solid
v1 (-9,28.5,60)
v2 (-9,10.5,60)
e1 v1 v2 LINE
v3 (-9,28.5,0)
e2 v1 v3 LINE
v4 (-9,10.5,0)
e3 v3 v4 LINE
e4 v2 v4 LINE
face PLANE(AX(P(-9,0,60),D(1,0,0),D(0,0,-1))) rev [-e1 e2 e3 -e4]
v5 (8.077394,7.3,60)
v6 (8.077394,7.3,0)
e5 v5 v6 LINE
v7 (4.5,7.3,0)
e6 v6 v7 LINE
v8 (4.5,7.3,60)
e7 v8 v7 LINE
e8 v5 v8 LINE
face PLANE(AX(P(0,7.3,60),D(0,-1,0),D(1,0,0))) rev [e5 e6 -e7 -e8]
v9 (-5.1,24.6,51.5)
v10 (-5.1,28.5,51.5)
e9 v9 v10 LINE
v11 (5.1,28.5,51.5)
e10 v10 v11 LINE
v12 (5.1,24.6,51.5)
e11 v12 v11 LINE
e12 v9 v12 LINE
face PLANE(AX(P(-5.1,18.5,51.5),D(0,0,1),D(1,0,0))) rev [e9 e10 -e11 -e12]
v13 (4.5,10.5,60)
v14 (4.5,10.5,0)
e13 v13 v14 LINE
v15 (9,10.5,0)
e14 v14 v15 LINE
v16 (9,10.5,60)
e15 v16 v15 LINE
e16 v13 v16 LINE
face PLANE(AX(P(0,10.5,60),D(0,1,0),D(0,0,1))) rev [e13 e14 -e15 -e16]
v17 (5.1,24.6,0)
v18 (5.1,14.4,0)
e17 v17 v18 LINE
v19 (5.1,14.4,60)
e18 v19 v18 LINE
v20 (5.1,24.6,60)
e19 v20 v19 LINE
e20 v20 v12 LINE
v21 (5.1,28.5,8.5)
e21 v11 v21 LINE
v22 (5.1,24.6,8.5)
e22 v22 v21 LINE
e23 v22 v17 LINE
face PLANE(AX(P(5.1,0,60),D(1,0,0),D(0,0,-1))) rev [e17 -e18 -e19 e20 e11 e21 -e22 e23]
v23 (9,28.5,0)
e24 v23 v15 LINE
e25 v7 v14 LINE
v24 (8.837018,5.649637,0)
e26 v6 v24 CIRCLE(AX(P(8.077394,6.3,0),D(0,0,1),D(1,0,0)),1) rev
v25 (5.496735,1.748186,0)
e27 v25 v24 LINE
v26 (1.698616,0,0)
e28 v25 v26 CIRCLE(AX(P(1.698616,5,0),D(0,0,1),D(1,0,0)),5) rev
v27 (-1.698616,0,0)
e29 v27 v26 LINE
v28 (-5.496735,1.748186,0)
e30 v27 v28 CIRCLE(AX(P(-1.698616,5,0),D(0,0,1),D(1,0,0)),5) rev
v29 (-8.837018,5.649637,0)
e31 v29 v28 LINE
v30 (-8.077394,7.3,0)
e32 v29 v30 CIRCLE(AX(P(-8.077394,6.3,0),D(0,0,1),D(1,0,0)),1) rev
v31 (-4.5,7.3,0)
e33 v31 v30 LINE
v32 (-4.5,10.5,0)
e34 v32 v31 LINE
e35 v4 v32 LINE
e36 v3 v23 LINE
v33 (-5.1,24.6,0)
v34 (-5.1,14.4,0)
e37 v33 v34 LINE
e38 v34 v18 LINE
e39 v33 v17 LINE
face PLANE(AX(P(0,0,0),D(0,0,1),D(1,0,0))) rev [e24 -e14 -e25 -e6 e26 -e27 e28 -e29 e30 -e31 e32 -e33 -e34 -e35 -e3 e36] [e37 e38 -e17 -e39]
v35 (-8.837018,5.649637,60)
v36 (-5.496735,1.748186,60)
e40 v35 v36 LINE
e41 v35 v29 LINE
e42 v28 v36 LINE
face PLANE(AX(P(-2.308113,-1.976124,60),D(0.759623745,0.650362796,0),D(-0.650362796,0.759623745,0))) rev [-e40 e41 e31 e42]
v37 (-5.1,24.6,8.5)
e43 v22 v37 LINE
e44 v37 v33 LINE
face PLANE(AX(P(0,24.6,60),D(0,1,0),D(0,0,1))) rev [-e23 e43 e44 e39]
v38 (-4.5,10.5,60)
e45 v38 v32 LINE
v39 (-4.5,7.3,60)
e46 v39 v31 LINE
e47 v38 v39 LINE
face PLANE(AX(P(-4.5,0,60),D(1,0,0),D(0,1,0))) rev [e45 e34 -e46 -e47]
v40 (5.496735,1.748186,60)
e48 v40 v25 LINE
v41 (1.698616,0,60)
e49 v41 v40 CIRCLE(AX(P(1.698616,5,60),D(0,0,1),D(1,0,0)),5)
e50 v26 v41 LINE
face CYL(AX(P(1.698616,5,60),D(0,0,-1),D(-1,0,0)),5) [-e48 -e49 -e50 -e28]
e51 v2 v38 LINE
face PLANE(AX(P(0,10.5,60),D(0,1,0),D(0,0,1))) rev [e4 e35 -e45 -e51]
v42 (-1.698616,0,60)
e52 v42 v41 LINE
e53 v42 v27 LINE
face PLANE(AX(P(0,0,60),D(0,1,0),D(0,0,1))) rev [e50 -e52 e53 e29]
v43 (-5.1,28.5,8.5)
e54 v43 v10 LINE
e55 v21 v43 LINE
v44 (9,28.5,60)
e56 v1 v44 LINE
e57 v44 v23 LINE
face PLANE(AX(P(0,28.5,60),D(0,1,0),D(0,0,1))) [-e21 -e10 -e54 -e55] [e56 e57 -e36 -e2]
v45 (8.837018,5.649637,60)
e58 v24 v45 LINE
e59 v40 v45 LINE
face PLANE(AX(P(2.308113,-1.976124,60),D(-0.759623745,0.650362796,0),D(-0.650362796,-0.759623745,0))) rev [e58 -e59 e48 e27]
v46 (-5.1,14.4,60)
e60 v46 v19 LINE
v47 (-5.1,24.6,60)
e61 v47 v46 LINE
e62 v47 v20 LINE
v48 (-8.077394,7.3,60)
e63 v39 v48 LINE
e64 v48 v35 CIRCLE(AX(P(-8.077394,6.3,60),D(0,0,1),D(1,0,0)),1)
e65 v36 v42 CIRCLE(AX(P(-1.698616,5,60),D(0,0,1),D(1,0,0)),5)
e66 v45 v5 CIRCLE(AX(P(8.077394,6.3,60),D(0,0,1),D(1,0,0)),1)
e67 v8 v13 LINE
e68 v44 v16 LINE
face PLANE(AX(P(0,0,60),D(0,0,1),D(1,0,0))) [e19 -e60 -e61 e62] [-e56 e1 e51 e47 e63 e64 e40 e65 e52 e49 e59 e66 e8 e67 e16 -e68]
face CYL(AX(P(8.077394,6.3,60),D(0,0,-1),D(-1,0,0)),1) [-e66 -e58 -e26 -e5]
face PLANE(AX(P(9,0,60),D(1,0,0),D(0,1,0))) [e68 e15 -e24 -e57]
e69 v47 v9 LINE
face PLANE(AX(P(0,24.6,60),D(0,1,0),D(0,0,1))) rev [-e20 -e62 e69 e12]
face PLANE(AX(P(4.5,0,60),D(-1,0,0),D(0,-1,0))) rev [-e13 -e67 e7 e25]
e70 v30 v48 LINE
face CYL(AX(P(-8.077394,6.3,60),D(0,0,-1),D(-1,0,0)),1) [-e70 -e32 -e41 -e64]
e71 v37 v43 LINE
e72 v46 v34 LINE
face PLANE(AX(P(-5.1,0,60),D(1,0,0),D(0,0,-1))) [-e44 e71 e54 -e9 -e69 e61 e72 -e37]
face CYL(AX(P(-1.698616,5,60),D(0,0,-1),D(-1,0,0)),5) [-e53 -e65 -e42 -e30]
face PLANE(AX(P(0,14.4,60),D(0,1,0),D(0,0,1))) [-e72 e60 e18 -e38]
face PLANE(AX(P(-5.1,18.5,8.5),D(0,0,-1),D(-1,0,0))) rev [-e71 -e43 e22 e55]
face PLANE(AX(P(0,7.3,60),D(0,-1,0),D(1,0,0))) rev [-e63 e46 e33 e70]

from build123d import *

# Parameters (mm, degrees)
SKETCH1_W           = 10.2
SKETCH1_H           = 10.2
BOSS_EXTRUDE3_DEPTH = 60
FILLET1_R           = 1
FILLET2_R           = 5
SKETCH2_W           = 10.2
SKETCH2_H           = 43
CUT_EXTRUDE1_DEPTH  = 10


with BuildPart() as part:
    # Sketch1 → Boss-Extrude3 (new body)
    # profile 1 of 2: a face of its own
    with BuildSketch(Plane.XY):
        Polygon((-9, 10.5), (-4.5, 10.5), (4.5, 10.5), (9, 10.5), (9, 28.5), (-9, 28.5), align=None)
        with Locations((0, 19.5)):
            Rectangle(SKETCH1_W, SKETCH1_H, mode=Mode.SUBTRACT)
    # profile 2 of 2: a face of its own
    with BuildSketch(Plane.XY):
        Polygon((-4.5, 7.3), (-10.25, 7.3), (-4, 0), (4, 0), (10.25, 7.3), (4.5, 7.3), (4.5, 10.5), (-4.5, 10.5), align=None)
    extrude(amount=BOSS_EXTRUDE3_DEPTH)

    # Fillet1
    fillet1_edges = [part.edges().sort_by_distance(p)[0] for p in [
        (10.25, 7.3, 30),
        (-10.25, 7.3, 30),
    ]]
    fillet(fillet1_edges, radius=FILLET1_R)

    # Fillet2
    fillet2_edges = [part.edges().sort_by_distance(p)[0] for p in [
        (4, 0, 30),
        (-4, 0, 30),
    ]]
    fillet(fillet2_edges, radius=FILLET2_R)

    # Sketch2 → Cut-Extrude1 (cut)
    with BuildSketch(Plane(origin=(0, 28.5, 0), x_dir=(1, 0, 0), z_dir=(0, 1, 0))):
        with Locations((0, -30)):
            Rectangle(SKETCH2_W, SKETCH2_H)
    extrude(amount=-CUT_EXTRUDE1_DEPTH, mode=Mode.SUBTRACT)


solid = part.part
